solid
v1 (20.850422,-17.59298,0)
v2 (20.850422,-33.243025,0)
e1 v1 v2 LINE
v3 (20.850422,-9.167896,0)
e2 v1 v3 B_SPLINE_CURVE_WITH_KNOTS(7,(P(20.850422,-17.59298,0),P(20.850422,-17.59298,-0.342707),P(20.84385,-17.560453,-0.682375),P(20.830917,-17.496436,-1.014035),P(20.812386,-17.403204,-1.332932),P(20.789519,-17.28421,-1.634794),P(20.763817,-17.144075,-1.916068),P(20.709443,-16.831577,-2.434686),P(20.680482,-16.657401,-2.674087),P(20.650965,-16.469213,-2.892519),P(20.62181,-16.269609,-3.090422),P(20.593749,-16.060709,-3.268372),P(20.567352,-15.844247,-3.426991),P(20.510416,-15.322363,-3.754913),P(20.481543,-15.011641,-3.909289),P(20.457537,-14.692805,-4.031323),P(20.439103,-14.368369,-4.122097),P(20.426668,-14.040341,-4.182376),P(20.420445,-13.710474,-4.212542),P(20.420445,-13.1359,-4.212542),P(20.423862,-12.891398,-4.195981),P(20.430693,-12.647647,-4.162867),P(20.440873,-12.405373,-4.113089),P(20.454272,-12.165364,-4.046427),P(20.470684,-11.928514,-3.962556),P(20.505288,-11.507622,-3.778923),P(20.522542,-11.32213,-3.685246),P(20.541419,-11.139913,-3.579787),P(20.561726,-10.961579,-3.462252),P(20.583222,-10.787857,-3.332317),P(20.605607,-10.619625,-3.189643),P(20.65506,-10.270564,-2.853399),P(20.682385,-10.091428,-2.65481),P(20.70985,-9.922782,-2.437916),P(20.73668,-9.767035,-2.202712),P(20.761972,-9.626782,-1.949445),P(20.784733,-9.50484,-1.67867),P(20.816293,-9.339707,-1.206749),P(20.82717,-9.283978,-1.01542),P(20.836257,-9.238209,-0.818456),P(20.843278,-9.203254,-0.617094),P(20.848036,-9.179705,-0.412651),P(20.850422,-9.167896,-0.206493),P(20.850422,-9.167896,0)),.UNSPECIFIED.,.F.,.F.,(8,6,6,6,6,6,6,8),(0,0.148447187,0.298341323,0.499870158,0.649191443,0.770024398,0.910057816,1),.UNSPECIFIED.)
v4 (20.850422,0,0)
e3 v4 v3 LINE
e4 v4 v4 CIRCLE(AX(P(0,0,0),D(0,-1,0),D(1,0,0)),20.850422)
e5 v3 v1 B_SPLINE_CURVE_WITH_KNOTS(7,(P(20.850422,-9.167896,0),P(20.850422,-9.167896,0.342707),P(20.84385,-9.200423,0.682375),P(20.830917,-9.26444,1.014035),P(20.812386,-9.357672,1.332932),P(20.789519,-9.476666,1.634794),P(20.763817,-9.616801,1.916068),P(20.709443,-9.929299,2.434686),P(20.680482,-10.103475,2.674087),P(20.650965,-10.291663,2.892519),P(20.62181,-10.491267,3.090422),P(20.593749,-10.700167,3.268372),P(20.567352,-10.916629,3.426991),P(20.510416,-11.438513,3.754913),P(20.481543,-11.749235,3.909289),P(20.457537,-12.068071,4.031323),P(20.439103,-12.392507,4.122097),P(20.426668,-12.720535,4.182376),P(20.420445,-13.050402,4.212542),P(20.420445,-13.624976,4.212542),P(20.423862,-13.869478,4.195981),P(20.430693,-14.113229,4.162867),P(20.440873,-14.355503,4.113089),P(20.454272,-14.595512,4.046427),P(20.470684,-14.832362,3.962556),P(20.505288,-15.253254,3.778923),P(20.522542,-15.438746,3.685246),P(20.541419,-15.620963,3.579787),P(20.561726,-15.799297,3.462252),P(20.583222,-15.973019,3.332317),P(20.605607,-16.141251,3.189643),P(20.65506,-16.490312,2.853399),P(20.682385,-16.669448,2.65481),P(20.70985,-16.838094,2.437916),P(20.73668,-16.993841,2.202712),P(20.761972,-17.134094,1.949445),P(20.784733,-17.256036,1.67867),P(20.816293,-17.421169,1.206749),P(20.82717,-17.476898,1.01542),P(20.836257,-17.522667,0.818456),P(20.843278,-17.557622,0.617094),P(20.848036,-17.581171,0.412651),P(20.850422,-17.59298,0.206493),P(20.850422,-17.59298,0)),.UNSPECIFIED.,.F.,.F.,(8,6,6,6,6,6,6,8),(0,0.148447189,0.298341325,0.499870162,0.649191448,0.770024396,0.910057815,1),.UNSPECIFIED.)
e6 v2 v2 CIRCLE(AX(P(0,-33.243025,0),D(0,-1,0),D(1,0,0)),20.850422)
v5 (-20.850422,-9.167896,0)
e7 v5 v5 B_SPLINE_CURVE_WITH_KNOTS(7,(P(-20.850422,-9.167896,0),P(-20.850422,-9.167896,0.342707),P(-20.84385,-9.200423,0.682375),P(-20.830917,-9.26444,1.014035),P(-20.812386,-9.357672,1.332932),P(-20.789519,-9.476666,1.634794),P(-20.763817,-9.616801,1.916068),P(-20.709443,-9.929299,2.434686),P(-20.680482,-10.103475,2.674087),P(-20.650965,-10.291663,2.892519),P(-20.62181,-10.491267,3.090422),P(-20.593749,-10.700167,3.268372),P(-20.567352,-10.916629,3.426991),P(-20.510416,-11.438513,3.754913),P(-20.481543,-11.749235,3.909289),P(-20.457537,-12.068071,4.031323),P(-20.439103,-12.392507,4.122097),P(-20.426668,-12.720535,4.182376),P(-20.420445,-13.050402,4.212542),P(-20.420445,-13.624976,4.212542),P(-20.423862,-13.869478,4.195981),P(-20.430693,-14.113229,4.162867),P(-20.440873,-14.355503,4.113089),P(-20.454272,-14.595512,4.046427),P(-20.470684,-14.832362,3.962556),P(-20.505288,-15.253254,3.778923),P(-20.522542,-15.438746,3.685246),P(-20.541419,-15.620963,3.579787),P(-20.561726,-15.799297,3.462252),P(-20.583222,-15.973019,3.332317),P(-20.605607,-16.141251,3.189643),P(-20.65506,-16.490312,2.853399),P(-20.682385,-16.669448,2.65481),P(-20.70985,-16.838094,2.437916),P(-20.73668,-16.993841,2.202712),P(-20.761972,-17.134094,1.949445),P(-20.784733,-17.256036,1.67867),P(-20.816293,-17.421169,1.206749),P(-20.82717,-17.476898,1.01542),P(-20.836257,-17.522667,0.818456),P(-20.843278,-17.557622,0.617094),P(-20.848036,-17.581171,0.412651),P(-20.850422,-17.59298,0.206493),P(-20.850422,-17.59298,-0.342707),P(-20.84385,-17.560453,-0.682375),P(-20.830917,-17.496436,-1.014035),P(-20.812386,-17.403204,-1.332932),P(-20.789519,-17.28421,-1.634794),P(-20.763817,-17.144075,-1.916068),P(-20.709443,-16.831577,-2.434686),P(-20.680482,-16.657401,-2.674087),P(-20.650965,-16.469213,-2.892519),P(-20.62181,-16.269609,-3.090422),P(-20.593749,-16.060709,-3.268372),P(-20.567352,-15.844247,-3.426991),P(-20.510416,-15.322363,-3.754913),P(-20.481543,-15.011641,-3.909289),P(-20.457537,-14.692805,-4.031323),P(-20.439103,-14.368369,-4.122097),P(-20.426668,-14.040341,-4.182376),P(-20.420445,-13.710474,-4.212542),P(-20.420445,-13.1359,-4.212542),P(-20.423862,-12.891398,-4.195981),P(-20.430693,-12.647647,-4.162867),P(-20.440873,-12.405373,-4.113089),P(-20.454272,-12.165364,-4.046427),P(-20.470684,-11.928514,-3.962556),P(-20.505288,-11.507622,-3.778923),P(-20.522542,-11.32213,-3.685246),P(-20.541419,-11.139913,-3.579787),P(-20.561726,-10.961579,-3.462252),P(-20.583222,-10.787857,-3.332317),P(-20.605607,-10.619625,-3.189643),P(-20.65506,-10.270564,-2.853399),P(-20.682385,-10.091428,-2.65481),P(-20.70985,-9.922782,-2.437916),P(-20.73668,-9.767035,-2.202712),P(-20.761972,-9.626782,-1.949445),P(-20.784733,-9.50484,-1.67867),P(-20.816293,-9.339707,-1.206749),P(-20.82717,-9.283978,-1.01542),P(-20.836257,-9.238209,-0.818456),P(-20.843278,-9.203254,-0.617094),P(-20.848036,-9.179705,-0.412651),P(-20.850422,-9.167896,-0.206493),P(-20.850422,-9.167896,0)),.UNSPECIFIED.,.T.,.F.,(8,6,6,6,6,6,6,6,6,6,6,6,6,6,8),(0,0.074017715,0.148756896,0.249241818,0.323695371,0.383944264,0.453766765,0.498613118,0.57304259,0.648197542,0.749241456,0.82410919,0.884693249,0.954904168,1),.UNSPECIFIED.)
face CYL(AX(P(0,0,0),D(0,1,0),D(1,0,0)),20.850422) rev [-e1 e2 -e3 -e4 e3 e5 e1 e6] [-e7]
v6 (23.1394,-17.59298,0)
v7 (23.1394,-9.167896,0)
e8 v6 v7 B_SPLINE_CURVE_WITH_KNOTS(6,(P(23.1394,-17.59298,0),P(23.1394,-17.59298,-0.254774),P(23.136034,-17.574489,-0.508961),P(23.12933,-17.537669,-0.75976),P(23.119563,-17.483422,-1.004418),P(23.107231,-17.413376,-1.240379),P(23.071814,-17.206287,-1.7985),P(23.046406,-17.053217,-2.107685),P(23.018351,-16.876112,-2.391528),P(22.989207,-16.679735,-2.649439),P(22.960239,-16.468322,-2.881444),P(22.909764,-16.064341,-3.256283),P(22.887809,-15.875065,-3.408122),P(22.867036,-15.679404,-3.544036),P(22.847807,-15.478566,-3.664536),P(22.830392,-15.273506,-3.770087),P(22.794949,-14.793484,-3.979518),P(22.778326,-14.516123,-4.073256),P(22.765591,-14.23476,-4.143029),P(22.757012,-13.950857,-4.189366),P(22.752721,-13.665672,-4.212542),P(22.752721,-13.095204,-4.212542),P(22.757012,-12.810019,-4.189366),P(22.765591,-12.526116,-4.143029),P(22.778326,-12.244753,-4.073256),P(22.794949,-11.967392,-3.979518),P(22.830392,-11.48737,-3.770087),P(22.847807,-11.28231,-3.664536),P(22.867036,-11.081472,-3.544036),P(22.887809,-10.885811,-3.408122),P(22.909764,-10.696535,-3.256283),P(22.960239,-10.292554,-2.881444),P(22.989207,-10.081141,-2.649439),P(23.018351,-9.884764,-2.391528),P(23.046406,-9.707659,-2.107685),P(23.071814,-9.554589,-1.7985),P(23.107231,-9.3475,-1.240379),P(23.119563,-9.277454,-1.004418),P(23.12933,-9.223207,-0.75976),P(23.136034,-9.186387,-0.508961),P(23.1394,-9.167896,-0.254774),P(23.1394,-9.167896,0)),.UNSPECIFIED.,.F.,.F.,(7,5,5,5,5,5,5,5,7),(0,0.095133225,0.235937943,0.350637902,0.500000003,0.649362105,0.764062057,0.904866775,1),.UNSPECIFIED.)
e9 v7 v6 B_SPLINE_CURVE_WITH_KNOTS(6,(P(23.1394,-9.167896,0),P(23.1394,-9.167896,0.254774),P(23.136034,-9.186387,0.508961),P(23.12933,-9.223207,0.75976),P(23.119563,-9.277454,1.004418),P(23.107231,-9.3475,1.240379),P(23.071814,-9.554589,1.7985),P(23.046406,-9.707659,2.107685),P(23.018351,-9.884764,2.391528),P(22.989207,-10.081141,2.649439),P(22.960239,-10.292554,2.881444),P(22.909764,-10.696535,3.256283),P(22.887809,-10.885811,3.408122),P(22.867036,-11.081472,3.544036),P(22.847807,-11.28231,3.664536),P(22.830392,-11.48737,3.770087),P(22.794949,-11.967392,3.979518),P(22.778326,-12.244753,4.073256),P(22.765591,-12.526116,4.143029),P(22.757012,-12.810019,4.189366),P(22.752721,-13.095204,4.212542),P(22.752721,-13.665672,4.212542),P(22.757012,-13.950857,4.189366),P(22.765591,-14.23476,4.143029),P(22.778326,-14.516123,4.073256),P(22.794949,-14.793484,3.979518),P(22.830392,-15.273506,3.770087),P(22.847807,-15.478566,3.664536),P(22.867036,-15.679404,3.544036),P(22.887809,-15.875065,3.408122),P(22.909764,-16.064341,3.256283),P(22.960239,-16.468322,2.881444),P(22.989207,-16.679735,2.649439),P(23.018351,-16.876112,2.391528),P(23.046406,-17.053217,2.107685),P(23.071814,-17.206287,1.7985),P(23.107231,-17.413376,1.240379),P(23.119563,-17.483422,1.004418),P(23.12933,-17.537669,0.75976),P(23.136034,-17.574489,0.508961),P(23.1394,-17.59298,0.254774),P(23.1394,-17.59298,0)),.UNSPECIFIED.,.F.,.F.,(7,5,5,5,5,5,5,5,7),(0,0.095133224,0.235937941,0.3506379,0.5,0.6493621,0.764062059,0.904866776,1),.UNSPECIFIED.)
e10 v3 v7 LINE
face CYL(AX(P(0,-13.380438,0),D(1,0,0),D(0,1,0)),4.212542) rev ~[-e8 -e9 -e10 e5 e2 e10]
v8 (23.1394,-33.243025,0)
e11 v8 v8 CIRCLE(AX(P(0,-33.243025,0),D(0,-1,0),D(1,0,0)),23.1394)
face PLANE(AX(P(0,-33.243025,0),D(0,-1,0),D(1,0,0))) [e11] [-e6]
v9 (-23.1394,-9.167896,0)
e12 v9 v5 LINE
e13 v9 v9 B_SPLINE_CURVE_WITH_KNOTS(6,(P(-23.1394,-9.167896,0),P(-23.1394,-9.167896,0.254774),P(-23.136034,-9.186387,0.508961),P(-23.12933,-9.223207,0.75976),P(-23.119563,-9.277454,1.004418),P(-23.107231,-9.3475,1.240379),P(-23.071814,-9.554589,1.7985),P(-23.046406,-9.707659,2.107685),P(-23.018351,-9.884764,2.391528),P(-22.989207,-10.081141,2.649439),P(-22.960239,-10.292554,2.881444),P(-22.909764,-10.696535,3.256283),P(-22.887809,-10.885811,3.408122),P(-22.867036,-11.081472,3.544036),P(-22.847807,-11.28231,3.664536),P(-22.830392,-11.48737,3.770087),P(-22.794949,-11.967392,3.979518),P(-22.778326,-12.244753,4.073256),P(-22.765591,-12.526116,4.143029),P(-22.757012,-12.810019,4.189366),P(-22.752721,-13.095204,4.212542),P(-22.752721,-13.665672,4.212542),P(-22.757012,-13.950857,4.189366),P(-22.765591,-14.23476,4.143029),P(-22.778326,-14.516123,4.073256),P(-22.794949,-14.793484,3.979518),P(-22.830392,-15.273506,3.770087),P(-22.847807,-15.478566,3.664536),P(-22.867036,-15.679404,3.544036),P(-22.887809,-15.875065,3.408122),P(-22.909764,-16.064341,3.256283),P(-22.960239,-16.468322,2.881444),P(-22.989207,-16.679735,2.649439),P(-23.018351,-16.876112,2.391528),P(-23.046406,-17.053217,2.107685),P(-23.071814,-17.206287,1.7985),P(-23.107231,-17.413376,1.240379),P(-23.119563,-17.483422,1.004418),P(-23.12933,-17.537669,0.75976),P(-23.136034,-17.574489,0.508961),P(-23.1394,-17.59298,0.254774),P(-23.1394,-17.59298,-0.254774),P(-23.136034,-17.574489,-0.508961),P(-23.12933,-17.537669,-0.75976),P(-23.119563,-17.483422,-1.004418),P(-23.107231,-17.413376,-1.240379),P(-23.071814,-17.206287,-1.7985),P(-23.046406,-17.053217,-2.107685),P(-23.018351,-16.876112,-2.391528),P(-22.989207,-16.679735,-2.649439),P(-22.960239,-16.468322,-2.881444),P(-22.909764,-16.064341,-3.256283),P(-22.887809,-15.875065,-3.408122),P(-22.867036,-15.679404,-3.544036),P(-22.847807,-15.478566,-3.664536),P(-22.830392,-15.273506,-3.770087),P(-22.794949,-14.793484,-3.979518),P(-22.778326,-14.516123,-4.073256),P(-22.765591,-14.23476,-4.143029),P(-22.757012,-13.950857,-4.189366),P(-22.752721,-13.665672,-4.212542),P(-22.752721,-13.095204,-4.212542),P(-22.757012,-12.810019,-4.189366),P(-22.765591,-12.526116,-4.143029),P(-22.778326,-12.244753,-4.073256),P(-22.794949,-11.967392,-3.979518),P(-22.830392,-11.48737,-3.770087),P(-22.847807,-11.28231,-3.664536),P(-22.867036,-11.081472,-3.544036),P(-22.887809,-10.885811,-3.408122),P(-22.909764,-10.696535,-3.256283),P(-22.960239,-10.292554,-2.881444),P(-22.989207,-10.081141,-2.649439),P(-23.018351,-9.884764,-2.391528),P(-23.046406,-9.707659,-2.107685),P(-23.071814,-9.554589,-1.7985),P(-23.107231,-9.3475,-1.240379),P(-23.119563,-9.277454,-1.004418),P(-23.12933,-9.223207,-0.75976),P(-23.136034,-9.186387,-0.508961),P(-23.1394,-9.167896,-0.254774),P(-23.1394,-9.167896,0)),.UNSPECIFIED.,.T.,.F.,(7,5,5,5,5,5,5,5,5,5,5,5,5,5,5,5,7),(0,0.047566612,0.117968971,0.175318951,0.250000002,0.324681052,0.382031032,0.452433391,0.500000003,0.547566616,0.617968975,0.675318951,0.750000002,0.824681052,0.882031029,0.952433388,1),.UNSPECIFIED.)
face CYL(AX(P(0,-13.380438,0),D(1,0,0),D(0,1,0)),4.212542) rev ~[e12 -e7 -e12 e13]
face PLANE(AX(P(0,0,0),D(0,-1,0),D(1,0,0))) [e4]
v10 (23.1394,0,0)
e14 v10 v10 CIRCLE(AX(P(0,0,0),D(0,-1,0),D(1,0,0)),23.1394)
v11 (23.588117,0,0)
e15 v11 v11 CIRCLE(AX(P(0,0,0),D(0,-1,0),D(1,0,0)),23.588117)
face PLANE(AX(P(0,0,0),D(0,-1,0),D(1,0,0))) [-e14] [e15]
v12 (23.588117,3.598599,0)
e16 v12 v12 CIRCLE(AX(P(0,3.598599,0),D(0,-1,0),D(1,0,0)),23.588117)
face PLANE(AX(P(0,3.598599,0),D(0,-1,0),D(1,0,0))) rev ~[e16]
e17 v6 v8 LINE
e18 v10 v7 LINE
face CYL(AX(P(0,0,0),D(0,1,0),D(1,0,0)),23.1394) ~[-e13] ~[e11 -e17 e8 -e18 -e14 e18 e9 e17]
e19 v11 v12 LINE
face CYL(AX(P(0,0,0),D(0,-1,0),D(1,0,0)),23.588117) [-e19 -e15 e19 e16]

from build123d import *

# Parameters (mm, degrees)
F0_R     = 23.1394
F0_R_2   = 20.850422
F1_DEPTH = 33.243025
F2_R     = 23.588117
F3_DEPTH = 3.598599
F4_R     = 4.212542
F5_DEPTH = 53.346873


with BuildPart() as f1:
    # F0 (on Front) → F1 (new body)
    with BuildSketch(Plane.XZ):
        Circle(F0_R)
        Circle(F0_R_2, mode=Mode.SUBTRACT)
    extrude(amount=F1_DEPTH)

    # F2 (on Front) → F3 (join)
    with BuildSketch(Plane.XZ):
        Circle(F2_R)
    extrude(amount=-F3_DEPTH)

    # F4 (on Right) → F5 (cut, symmetric)
    with BuildSketch(Plane.YZ):
        with Locations((-13.380438, 0)):
            Circle(F4_R)
    extrude(amount=F5_DEPTH, both=True, mode=Mode.SUBTRACT)


solid = f1.part
